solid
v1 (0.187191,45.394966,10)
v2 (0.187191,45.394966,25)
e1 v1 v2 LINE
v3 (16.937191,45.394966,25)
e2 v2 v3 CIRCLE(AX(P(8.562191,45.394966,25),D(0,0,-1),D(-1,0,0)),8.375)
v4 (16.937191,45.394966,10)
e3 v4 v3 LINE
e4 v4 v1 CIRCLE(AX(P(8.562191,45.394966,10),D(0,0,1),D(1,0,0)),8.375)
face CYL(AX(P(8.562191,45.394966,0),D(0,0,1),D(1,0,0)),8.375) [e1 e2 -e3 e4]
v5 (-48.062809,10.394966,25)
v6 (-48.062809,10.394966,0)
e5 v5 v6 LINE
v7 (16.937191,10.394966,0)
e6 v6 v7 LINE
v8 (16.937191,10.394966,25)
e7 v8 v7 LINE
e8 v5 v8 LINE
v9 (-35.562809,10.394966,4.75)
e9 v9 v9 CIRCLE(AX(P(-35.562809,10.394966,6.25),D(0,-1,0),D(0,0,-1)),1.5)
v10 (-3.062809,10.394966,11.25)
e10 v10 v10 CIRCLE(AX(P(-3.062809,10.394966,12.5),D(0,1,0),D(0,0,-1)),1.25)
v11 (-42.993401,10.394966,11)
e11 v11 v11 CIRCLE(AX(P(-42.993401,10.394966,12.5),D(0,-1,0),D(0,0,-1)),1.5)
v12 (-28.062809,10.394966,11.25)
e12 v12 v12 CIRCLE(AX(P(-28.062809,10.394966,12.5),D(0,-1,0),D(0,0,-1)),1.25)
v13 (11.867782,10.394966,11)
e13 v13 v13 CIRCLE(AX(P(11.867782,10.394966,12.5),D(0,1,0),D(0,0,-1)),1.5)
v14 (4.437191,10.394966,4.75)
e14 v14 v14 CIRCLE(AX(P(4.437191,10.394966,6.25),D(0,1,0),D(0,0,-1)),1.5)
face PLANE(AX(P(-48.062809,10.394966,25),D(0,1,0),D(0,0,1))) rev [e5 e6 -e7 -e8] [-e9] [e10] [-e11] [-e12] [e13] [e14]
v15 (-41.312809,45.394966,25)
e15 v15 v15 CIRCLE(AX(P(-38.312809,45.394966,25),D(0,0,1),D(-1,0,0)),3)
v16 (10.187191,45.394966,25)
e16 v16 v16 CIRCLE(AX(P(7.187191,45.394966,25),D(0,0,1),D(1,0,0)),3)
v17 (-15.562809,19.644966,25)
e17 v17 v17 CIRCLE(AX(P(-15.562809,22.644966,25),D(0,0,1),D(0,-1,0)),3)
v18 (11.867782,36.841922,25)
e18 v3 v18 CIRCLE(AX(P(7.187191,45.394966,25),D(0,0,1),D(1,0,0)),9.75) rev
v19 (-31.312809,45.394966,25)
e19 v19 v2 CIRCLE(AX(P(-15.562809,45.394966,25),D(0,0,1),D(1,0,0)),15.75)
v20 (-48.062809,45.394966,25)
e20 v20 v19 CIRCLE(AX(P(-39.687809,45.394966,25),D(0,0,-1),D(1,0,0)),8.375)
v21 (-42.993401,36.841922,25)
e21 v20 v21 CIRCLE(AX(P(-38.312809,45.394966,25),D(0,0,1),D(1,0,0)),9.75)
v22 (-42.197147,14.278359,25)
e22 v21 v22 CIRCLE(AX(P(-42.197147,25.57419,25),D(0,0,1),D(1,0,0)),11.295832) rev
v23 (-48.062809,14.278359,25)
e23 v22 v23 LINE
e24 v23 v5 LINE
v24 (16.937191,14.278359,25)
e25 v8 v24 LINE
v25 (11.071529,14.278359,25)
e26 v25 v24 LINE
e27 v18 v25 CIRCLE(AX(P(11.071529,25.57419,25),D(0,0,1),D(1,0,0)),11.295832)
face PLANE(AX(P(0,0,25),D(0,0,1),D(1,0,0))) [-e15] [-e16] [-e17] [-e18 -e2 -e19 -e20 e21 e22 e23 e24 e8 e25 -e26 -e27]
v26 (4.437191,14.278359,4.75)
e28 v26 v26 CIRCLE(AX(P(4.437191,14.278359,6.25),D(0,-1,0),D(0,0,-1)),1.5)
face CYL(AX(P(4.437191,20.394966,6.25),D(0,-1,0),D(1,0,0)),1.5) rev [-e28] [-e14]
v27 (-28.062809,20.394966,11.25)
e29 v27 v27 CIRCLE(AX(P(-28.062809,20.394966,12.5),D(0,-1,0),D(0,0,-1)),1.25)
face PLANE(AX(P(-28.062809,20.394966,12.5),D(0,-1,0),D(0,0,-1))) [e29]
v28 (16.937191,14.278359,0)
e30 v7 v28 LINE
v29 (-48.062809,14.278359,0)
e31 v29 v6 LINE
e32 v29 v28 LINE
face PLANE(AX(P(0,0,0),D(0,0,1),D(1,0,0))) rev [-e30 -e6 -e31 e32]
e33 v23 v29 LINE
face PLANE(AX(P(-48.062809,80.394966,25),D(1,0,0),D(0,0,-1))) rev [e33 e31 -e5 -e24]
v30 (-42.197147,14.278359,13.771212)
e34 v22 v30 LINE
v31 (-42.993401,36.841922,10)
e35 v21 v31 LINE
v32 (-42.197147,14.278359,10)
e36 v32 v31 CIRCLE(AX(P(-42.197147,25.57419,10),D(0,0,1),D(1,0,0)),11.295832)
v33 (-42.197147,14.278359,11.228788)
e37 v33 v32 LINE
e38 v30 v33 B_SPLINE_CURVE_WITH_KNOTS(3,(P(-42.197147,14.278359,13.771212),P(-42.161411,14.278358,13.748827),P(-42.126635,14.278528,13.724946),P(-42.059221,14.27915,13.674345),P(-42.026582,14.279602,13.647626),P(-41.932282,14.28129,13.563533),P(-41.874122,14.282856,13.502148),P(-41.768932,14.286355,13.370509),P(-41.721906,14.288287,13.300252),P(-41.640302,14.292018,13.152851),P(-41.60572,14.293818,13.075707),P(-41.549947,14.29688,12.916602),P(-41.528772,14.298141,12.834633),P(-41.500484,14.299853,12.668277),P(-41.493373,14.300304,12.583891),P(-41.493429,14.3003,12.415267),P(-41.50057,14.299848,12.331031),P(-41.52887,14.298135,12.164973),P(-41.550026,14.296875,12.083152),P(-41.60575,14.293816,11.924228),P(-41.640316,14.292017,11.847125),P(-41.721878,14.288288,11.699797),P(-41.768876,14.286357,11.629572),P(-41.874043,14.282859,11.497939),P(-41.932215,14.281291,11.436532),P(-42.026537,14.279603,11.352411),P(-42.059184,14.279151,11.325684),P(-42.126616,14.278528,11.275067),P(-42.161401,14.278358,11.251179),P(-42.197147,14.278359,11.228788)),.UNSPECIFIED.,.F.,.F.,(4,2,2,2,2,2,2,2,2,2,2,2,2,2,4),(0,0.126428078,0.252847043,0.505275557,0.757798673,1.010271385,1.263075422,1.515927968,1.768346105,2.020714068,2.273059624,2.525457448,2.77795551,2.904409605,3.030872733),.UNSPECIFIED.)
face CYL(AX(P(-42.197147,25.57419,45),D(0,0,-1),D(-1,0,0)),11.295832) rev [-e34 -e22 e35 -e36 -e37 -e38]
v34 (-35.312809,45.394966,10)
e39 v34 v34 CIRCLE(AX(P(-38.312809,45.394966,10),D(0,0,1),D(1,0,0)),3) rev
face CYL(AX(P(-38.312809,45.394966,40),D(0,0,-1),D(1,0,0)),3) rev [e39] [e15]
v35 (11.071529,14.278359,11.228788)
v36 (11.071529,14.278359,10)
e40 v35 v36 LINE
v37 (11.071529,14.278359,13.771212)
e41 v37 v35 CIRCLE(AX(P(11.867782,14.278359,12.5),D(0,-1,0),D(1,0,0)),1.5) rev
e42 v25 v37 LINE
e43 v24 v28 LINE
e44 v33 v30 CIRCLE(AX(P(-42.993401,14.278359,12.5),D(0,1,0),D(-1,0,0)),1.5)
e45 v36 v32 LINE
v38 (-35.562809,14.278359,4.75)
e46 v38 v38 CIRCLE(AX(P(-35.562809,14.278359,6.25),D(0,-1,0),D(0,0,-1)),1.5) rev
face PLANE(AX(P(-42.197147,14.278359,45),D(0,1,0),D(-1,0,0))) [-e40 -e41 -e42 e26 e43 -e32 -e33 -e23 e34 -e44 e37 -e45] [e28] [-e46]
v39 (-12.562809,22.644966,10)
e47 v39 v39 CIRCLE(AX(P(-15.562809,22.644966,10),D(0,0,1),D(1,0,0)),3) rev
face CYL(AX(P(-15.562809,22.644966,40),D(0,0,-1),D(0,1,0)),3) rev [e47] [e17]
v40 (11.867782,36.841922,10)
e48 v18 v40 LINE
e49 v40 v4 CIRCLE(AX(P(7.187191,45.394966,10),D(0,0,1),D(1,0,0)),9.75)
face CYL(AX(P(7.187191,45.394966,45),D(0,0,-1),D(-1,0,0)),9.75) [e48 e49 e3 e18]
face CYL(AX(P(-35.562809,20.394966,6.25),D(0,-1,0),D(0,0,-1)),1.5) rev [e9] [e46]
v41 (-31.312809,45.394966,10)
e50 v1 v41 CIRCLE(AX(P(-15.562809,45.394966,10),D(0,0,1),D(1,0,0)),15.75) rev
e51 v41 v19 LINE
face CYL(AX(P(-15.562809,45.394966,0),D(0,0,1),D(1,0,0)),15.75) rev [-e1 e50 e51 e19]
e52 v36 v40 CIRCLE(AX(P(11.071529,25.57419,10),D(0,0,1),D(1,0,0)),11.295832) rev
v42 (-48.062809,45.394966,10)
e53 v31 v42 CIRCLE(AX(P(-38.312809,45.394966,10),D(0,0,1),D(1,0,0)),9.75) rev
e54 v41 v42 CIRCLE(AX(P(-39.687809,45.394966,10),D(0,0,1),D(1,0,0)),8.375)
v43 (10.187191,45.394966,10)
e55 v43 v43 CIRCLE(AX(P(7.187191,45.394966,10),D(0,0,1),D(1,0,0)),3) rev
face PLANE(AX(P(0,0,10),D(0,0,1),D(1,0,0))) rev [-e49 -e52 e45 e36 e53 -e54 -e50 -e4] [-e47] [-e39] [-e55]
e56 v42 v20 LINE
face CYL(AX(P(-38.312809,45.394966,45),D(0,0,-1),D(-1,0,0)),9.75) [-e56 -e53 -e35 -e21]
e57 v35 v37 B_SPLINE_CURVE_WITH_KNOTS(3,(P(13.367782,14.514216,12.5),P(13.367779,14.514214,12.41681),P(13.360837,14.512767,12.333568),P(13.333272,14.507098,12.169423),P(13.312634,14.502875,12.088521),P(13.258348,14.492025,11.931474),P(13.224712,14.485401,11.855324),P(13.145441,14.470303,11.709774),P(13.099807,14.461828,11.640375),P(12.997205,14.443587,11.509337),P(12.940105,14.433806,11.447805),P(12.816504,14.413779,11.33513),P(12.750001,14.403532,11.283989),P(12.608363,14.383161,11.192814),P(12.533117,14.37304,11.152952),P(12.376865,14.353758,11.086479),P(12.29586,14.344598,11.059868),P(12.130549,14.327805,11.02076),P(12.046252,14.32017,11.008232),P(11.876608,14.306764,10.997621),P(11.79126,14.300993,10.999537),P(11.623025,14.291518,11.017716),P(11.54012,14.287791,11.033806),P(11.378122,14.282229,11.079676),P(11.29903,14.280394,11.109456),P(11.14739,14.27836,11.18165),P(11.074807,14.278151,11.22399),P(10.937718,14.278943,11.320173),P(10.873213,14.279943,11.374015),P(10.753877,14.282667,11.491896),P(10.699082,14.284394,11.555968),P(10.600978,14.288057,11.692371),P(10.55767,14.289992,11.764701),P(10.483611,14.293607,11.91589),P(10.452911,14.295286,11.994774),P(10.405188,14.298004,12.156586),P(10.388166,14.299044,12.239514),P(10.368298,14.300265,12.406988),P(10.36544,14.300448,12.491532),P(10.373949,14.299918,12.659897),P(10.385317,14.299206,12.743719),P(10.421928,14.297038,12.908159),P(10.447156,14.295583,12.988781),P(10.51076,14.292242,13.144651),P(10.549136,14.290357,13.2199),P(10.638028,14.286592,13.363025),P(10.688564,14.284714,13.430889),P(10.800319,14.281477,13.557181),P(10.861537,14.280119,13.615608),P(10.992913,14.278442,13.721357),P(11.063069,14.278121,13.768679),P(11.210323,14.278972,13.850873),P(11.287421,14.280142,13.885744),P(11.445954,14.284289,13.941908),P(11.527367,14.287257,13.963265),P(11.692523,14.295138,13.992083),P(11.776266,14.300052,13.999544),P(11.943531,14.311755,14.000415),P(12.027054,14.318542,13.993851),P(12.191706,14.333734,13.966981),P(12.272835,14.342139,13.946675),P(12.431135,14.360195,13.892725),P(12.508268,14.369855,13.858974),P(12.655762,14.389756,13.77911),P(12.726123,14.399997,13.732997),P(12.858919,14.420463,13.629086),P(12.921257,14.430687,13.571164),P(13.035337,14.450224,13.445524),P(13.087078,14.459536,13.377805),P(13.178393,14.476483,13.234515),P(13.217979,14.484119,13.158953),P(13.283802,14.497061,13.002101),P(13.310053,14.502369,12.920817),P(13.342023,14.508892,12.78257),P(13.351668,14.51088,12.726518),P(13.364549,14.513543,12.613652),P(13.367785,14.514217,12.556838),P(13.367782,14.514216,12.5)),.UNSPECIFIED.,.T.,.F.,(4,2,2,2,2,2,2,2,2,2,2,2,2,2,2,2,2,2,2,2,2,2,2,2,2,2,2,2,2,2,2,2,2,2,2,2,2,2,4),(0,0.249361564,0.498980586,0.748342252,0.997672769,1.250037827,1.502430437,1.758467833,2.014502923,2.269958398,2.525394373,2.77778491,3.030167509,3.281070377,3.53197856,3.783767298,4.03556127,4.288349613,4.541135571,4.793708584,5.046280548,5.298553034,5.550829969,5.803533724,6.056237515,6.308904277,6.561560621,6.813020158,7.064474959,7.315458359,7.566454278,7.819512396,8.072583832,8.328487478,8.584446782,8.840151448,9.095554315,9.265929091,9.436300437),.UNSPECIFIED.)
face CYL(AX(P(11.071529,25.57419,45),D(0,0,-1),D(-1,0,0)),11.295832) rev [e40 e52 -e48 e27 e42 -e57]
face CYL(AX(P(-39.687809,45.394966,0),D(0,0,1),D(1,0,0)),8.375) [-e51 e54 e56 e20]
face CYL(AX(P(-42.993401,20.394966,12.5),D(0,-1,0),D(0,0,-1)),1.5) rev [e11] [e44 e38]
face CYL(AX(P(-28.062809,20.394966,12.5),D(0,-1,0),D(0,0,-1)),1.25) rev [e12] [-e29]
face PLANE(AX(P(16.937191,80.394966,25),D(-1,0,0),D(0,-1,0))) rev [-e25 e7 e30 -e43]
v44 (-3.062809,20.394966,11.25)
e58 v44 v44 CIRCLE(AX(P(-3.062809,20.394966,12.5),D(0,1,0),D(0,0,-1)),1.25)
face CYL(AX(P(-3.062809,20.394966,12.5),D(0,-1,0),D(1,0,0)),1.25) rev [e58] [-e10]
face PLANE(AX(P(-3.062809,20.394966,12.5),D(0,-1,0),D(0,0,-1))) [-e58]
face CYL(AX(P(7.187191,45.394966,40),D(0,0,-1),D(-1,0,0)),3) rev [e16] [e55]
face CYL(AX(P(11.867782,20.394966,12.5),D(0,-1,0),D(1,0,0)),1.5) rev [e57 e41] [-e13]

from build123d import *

# Parameters (mm, degrees)
SKETCH_1_W               = 65
SKETCH_1_H               = 70
EXTRUDE_1_DEPTH          = 25
SKETCH_2_R               = 15.75
CUT_EXTRUDE_1_DEPTH      = 26
SKETCH_4_R               = 3
CUT_EXTRUDE_2_DEPTH      = 40
PATTERN_CIRCULAR_1_COUNT = 4
CUT_EXTRUDE_3_DEPTH      = 26
CUT_EXTRUDE_START        = -26
CUT_EXTRUDE_5_DEPTH      = 46
SKETCH_8_R               = 1.25
SKETCH_8_R_2             = 1.5
CUT_EXTRUDE_6_DEPTH      = 10
SKETCH_9_W               = 81.802440552
SKETCH_9_H               = 62.233215756
CUT_EXTRUDE_7_DEPTH      = 10


with BuildPart() as part:
    # 草图1 → 凸台-拉伸1 (new body)
    with BuildSketch(Plane.XY):
        with Locations((-15.56280925, 45.394966444)):
            Rectangle(SKETCH_1_W, SKETCH_1_H)
    extrude(amount=EXTRUDE_1_DEPTH)

    # 草图2 → 切除-拉伸1 (cut, through all)
    with BuildSketch(Plane.XY.offset(25)):
        with Locations((-15.56280925, 45.394966444)):
            Circle(SKETCH_2_R)
    extrude(amount=-CUT_EXTRUDE_1_DEPTH, mode=Mode.SUBTRACT)

    # 草图4 → 切除-拉伸2 (cut)
    with BuildSketch(Plane(origin=(0, 0, 0), x_dir=(-1, 0, 0), z_dir=(0, 0, -1))):
        with Locations((-7.18719075, 45.394966444)):
            Circle(SKETCH_4_R)
    cut_extrude_2 = extrude(amount=-CUT_EXTRUDE_2_DEPTH, mode=Mode.SUBTRACT)

    # 阵列(圆周)1: 切除-拉伸2 ×4 about axis
    pattern_circular_1_axis = Axis((-15.56280925, 45.394966444, 0), (0, 0, 1))
    for i in range(1, PATTERN_CIRCULAR_1_COUNT):
        add(cut_extrude_2.rotate(pattern_circular_1_axis, i * 360 / PATTERN_CIRCULAR_1_COUNT), mode=Mode.SUBTRACT)

    # 草图6 → 切除-拉伸3 (cut, through all)
    with BuildSketch(Plane.XY.offset(25)):
        with BuildLine():
            Line((-31.31280925, 45.394966444), (0.18719075, 45.394966444))
            ThreePointArc((0.18719075, 45.394966444), (8.56219075, 53.769966444), (16.93719075, 45.394966444))
            Line((16.93719075, 45.394966444), (16.93719075, 80.394966444))
            Line((16.93719075, 80.394966444), (-48.06280925, 80.394966444))
            Line((-48.06280925, 80.394966444), (-48.06280925, 45.394966444))
            ThreePointArc((-48.06280925, 45.394966444), (-39.68780925, 53.769966444), (-31.31280925, 45.394966444))
        make_face()
    extrude(amount=-CUT_EXTRUDE_3_DEPTH, mode=Mode.SUBTRACT)

    # 草图7 → 切除-拉伸5 (cut)
    with BuildSketch(Plane.XY.offset(25).offset(CUT_EXTRUDE_START)):
        with BuildLine():
            Line((-48.06280925, 45.394966444), (-48.06280925, 14.278358566))
            Line((-48.06280925, 14.278358566), (-42.197147473, 14.278358566))
            ThreePointArc((-42.197147473, 14.278358566), (-30.908342931, 25.972564608), (-42.993400823, 36.841922394))
            ThreePointArc((-42.993400823, 36.841922394), (-46.700248306, 40.423712469), (-48.06280925, 45.394966444))
        make_face()
    cut_extrude_5 = extrude(amount=CUT_EXTRUDE_5_DEPTH, mode=Mode.SUBTRACT)

    # 镜向1: 切除-拉伸5 across plane
    add(cut_extrude_5.mirror(Plane.ZY.offset(15.56280925)), mode=Mode.SUBTRACT)

    # 草图8 → 切除-拉伸6 (cut)
    with BuildSketch(Plane.XZ.offset(-10.394966444)):
        with Locations((-28.06280925, 12.5)):
            Circle(SKETCH_8_R)
        with Locations((-42.993400823, 12.5)):
            Circle(SKETCH_8_R_2)
        with Locations((-35.56280925, 6.25)):
            Circle(SKETCH_8_R_2)
    cut_extrude_6 = extrude(amount=-CUT_EXTRUDE_6_DEPTH, mode=Mode.SUBTRACT)

    # 镜向2: 切除-拉伸6 across plane
    add(cut_extrude_6.mirror(Plane.ZY.offset(15.56280925)), mode=Mode.SUBTRACT)

    # 草图9 → 切除-拉伸7 (cut)
    with BuildSketch(Plane(origin=(0, 0, 0), x_dir=(-1, 0, 0), z_dir=(0, 0, -1))):
        with Locations((15.56280925, 45.394966444)):
            Rectangle(SKETCH_9_W, SKETCH_9_H)
    extrude(amount=-CUT_EXTRUDE_7_DEPTH, mode=Mode.SUBTRACT)


solid = part.part
